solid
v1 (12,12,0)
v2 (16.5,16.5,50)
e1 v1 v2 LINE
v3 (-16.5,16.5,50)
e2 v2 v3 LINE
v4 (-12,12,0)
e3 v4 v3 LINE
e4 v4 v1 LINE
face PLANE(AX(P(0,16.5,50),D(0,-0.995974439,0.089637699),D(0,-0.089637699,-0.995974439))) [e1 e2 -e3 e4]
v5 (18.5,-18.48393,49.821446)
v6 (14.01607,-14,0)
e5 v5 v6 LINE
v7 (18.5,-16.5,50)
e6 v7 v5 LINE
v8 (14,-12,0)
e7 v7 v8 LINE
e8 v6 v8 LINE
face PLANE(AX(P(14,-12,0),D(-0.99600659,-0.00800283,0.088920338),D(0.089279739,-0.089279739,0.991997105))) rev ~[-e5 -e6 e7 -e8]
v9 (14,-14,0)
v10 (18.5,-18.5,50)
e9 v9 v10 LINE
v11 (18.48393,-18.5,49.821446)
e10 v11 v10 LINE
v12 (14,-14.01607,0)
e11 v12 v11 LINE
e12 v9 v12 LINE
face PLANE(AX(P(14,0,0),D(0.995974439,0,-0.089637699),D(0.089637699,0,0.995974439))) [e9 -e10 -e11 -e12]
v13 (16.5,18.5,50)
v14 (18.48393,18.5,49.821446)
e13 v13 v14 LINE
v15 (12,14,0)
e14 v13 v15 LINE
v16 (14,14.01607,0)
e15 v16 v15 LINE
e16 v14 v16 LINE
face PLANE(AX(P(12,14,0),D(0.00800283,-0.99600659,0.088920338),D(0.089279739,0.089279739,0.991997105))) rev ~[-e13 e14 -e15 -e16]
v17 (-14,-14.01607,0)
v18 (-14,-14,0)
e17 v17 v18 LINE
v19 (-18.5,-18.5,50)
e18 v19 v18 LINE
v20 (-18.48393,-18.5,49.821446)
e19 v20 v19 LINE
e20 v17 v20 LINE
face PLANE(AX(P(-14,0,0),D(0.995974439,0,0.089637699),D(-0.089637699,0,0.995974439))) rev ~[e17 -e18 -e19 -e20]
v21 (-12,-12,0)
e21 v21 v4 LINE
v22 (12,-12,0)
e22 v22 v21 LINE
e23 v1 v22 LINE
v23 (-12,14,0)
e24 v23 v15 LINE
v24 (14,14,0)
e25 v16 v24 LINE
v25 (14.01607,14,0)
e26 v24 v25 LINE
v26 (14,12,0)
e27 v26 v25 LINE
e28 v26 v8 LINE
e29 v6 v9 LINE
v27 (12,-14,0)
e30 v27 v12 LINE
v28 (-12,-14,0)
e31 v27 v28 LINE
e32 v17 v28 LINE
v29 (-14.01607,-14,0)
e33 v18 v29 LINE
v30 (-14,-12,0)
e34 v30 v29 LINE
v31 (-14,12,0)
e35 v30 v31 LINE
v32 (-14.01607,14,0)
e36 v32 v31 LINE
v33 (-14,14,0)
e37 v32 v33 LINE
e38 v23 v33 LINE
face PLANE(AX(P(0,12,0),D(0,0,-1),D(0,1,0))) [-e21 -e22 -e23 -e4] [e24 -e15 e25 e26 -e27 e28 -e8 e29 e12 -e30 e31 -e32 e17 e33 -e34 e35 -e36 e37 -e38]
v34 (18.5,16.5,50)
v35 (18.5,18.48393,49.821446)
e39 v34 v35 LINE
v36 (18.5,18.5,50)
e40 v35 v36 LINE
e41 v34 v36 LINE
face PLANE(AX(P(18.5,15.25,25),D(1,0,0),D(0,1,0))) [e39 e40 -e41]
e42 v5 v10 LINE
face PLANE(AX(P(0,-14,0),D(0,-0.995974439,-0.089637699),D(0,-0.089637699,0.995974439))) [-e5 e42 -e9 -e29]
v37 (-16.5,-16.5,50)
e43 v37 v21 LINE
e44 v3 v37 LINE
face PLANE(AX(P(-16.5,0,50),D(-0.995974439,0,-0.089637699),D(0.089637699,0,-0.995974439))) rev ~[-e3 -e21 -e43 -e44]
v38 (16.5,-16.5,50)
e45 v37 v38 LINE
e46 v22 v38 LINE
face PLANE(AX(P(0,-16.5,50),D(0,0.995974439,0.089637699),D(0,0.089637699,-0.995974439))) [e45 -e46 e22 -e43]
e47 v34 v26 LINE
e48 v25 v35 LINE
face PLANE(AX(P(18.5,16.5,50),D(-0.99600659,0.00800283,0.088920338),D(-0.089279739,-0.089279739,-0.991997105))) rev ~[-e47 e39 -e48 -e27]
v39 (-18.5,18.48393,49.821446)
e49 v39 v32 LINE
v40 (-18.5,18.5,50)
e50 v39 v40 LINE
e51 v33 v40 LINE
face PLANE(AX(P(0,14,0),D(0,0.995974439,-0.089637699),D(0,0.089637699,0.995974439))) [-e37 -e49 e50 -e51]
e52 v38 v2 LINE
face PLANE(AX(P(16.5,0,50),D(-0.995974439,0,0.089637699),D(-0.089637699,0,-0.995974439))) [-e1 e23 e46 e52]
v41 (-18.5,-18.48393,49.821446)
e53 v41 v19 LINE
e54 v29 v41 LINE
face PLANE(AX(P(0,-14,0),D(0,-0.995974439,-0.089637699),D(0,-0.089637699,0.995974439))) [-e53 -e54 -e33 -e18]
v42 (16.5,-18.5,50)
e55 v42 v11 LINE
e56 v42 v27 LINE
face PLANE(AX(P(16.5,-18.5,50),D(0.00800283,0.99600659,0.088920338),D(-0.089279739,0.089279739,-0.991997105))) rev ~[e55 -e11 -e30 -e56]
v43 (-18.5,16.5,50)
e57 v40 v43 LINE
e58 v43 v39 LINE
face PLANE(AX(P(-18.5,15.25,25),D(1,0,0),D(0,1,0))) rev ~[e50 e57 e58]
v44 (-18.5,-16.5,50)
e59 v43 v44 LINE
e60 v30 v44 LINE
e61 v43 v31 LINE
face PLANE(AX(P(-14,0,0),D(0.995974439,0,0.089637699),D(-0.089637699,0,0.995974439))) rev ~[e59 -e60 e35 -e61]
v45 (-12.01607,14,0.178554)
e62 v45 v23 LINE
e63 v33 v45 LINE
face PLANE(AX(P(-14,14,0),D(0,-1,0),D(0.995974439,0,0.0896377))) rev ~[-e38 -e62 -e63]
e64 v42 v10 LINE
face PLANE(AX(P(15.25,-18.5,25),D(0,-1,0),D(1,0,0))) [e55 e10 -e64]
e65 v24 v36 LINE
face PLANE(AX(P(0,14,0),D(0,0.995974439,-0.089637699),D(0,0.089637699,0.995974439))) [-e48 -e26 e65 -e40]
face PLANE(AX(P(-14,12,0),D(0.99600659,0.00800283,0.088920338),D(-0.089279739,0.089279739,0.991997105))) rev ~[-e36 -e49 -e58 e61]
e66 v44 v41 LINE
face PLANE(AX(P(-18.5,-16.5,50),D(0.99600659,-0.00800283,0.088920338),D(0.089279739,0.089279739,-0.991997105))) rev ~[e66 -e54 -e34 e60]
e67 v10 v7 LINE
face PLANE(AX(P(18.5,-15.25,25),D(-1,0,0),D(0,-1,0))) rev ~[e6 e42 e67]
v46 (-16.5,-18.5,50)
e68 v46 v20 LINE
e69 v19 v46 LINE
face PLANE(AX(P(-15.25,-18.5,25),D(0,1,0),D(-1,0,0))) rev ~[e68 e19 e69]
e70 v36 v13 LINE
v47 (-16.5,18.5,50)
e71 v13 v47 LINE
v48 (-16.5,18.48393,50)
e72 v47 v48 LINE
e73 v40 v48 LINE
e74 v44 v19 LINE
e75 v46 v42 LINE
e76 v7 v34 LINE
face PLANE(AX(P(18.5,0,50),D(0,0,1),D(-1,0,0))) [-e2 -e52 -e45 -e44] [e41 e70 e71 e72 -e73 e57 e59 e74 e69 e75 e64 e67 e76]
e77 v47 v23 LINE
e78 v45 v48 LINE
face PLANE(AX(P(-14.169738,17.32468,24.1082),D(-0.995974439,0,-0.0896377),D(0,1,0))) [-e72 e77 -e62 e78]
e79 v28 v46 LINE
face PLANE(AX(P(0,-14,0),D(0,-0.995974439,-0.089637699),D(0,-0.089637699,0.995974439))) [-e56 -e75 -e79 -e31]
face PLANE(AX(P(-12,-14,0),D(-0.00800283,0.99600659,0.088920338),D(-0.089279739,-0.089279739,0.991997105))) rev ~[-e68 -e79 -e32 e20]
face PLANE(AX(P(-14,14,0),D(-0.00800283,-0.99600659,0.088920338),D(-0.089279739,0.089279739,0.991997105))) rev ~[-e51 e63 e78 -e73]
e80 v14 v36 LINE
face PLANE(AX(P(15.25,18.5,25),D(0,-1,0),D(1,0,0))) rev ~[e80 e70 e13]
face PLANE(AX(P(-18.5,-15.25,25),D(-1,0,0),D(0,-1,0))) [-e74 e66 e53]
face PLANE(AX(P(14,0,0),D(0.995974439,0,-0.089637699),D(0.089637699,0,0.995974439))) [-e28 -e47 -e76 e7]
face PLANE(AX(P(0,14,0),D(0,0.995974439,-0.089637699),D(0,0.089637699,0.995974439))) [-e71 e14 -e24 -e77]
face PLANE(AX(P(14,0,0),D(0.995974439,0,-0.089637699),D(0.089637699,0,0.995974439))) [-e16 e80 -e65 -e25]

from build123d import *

# Parameters (mm, degrees)
PAD_DEPTH          = 18.5
PAD_DEPTH_BACK     = 18.5
POLARPATTERN_COUNT = 4
POCKET_DEPTH       = 6.4748338525
POCKET001_DEPTH    = 6.4748338525
POCKET002_DEPTH    = 1.9919488777
POCKET003_DEPTH    = 5
POCKET004_DEPTH    = 5
POCKET005_DEPTH    = 5
POCKET006_DEPTH    = 5
POCKET007_DEPTH    = 5
POCKET008_DEPTH    = 5


with BuildPart() as part:
    # Sketch → Pad (new body, two sides)
    with BuildSketch(Plane.XZ) as pad_sk:
        Polygon((-16.5, 50), (-12, 0), (-14, 0), (-18.5, 50), align=None)
    pad = extrude(amount=PAD_DEPTH) + extrude(pad_sk.sketch, amount=-PAD_DEPTH_BACK)

    # PolarPattern: Pad ×4 about axis
    polarpattern_axis = Axis((0, 0, 0), (0, 0, 1))
    for i in range(1, POLARPATTERN_COUNT):
        add(pad.rotate(polarpattern_axis, i * 360 / POLARPATTERN_COUNT))

    # PolarPattern Face15 → Pocket (cut, through all)
    with BuildSketch(Plane(origin=(-13.5, -17, 16.6666666667), x_dir=(0, -1, 0), z_dir=(0.9959744388, 0, 0.0896376995))):
        Polygon((-3, 16.73403053), (1.5, -33.4680610599), (1.5, 16.73403053), align=None)
    extrude(amount=-POCKET_DEPTH, mode=Mode.SUBTRACT)

    # Pocket Face11 → Pocket001 (cut, through all)
    with BuildSketch(Plane(origin=(-17, -13.5, 16.6666666667), x_dir=(1, 0, 0), z_dir=(0, 0.9959744388, 0.0896376995))):
        Polygon((-1.5, 16.73403053), (-1.5, -33.4680610599), (3, 16.73403053), align=None)
    extrude(amount=-POCKET001_DEPTH, mode=Mode.SUBTRACT)

    # Pocket001 Face4 → Pocket002 (cut)
    with BuildSketch(Plane(origin=(-15.5, 17, 16.6666666667), x_dir=(0, 1, 0), z_dir=(-0.9959744388, 0, -0.0896376995))):
        Polygon((1.5, -33.4680610599), (1.5, 16.73403053), (-3, 16.73403053), align=None)
    extrude(amount=-POCKET002_DEPTH, mode=Mode.SUBTRACT)

    # Pocket002 Face9 → Pocket003 (cut)
    with BuildSketch(Plane(origin=(-17, 13.5, 16.6666666667), x_dir=(-1, 0, 0), z_dir=(0, -0.9959744388, 0.0896376995))):
        Polygon((-3, 16.73403053), (1.5, -33.4680610599), (1.5, 16.73403053), align=None)
    extrude(amount=-POCKET003_DEPTH, mode=Mode.SUBTRACT)

    # Pocket003 Face15 → Pocket004 (cut)
    with BuildSketch(Plane(origin=(13.5, -17, 16.6666666667), x_dir=(0, 1, 0), z_dir=(-0.9959744388, 0, 0.0896376995))):
        Polygon((-1.5, 16.73403053), (-1.5, -33.4680610599), (3, 16.73403053), align=None)
    extrude(amount=-POCKET004_DEPTH, mode=Mode.SUBTRACT)

    # Pocket004 Face26 → Pocket005 (cut)
    with BuildSketch(Plane(origin=(13.5, 17, 16.6666666667), x_dir=(0, 1, 0), z_dir=(-0.9959744388, 0, 0.0896376995))):
        Polygon((-3, 16.73403053), (1.5, -33.4680610599), (1.5, 16.73403053), align=None)
    extrude(amount=-POCKET005_DEPTH, mode=Mode.SUBTRACT)

    # Pocket005 Face21 → Pocket006 (cut)
    with BuildSketch(Plane(origin=(17, 13.5, 16.6666666667), x_dir=(-1, 0, 0), z_dir=(0, -0.9959744388, 0.0896376995))):
        Polygon((-1.5, 16.73403053), (-1.5, -33.4680610599), (3, 16.73403053), align=None)
    extrude(amount=-POCKET006_DEPTH, mode=Mode.SUBTRACT)

    # Pocket006 Face19 → Pocket007 (cut)
    with BuildSketch(Plane(origin=(17, -13.5, 16.6666666667), x_dir=(1, 0, 0), z_dir=(0, 0.9959744388, 0.0896376995))):
        Polygon((-3, 16.73403053), (1.5, -33.4680610599), (1.5, 16.73403053), align=None)
    extrude(amount=-POCKET007_DEPTH, mode=Mode.SUBTRACT)

    # Pocket007 Face2 → Pocket008 (cut)
    with BuildSketch(Plane(origin=(-13.0080349172, 16.25, 0.0892768575), x_dir=(0, 1, 0), z_dir=(-0.0896376995, 0, 0.9959744388))):
        Polygon((2.25, 0.9959744388), (-2.25, 0.9959744388), (-2.25, -0.9959744388), (-2.2339301657, -0.9959744388), (2.25, -0.9959744388), align=None)
    extrude(amount=-POCKET008_DEPTH, mode=Mode.SUBTRACT)


solid = part.part
